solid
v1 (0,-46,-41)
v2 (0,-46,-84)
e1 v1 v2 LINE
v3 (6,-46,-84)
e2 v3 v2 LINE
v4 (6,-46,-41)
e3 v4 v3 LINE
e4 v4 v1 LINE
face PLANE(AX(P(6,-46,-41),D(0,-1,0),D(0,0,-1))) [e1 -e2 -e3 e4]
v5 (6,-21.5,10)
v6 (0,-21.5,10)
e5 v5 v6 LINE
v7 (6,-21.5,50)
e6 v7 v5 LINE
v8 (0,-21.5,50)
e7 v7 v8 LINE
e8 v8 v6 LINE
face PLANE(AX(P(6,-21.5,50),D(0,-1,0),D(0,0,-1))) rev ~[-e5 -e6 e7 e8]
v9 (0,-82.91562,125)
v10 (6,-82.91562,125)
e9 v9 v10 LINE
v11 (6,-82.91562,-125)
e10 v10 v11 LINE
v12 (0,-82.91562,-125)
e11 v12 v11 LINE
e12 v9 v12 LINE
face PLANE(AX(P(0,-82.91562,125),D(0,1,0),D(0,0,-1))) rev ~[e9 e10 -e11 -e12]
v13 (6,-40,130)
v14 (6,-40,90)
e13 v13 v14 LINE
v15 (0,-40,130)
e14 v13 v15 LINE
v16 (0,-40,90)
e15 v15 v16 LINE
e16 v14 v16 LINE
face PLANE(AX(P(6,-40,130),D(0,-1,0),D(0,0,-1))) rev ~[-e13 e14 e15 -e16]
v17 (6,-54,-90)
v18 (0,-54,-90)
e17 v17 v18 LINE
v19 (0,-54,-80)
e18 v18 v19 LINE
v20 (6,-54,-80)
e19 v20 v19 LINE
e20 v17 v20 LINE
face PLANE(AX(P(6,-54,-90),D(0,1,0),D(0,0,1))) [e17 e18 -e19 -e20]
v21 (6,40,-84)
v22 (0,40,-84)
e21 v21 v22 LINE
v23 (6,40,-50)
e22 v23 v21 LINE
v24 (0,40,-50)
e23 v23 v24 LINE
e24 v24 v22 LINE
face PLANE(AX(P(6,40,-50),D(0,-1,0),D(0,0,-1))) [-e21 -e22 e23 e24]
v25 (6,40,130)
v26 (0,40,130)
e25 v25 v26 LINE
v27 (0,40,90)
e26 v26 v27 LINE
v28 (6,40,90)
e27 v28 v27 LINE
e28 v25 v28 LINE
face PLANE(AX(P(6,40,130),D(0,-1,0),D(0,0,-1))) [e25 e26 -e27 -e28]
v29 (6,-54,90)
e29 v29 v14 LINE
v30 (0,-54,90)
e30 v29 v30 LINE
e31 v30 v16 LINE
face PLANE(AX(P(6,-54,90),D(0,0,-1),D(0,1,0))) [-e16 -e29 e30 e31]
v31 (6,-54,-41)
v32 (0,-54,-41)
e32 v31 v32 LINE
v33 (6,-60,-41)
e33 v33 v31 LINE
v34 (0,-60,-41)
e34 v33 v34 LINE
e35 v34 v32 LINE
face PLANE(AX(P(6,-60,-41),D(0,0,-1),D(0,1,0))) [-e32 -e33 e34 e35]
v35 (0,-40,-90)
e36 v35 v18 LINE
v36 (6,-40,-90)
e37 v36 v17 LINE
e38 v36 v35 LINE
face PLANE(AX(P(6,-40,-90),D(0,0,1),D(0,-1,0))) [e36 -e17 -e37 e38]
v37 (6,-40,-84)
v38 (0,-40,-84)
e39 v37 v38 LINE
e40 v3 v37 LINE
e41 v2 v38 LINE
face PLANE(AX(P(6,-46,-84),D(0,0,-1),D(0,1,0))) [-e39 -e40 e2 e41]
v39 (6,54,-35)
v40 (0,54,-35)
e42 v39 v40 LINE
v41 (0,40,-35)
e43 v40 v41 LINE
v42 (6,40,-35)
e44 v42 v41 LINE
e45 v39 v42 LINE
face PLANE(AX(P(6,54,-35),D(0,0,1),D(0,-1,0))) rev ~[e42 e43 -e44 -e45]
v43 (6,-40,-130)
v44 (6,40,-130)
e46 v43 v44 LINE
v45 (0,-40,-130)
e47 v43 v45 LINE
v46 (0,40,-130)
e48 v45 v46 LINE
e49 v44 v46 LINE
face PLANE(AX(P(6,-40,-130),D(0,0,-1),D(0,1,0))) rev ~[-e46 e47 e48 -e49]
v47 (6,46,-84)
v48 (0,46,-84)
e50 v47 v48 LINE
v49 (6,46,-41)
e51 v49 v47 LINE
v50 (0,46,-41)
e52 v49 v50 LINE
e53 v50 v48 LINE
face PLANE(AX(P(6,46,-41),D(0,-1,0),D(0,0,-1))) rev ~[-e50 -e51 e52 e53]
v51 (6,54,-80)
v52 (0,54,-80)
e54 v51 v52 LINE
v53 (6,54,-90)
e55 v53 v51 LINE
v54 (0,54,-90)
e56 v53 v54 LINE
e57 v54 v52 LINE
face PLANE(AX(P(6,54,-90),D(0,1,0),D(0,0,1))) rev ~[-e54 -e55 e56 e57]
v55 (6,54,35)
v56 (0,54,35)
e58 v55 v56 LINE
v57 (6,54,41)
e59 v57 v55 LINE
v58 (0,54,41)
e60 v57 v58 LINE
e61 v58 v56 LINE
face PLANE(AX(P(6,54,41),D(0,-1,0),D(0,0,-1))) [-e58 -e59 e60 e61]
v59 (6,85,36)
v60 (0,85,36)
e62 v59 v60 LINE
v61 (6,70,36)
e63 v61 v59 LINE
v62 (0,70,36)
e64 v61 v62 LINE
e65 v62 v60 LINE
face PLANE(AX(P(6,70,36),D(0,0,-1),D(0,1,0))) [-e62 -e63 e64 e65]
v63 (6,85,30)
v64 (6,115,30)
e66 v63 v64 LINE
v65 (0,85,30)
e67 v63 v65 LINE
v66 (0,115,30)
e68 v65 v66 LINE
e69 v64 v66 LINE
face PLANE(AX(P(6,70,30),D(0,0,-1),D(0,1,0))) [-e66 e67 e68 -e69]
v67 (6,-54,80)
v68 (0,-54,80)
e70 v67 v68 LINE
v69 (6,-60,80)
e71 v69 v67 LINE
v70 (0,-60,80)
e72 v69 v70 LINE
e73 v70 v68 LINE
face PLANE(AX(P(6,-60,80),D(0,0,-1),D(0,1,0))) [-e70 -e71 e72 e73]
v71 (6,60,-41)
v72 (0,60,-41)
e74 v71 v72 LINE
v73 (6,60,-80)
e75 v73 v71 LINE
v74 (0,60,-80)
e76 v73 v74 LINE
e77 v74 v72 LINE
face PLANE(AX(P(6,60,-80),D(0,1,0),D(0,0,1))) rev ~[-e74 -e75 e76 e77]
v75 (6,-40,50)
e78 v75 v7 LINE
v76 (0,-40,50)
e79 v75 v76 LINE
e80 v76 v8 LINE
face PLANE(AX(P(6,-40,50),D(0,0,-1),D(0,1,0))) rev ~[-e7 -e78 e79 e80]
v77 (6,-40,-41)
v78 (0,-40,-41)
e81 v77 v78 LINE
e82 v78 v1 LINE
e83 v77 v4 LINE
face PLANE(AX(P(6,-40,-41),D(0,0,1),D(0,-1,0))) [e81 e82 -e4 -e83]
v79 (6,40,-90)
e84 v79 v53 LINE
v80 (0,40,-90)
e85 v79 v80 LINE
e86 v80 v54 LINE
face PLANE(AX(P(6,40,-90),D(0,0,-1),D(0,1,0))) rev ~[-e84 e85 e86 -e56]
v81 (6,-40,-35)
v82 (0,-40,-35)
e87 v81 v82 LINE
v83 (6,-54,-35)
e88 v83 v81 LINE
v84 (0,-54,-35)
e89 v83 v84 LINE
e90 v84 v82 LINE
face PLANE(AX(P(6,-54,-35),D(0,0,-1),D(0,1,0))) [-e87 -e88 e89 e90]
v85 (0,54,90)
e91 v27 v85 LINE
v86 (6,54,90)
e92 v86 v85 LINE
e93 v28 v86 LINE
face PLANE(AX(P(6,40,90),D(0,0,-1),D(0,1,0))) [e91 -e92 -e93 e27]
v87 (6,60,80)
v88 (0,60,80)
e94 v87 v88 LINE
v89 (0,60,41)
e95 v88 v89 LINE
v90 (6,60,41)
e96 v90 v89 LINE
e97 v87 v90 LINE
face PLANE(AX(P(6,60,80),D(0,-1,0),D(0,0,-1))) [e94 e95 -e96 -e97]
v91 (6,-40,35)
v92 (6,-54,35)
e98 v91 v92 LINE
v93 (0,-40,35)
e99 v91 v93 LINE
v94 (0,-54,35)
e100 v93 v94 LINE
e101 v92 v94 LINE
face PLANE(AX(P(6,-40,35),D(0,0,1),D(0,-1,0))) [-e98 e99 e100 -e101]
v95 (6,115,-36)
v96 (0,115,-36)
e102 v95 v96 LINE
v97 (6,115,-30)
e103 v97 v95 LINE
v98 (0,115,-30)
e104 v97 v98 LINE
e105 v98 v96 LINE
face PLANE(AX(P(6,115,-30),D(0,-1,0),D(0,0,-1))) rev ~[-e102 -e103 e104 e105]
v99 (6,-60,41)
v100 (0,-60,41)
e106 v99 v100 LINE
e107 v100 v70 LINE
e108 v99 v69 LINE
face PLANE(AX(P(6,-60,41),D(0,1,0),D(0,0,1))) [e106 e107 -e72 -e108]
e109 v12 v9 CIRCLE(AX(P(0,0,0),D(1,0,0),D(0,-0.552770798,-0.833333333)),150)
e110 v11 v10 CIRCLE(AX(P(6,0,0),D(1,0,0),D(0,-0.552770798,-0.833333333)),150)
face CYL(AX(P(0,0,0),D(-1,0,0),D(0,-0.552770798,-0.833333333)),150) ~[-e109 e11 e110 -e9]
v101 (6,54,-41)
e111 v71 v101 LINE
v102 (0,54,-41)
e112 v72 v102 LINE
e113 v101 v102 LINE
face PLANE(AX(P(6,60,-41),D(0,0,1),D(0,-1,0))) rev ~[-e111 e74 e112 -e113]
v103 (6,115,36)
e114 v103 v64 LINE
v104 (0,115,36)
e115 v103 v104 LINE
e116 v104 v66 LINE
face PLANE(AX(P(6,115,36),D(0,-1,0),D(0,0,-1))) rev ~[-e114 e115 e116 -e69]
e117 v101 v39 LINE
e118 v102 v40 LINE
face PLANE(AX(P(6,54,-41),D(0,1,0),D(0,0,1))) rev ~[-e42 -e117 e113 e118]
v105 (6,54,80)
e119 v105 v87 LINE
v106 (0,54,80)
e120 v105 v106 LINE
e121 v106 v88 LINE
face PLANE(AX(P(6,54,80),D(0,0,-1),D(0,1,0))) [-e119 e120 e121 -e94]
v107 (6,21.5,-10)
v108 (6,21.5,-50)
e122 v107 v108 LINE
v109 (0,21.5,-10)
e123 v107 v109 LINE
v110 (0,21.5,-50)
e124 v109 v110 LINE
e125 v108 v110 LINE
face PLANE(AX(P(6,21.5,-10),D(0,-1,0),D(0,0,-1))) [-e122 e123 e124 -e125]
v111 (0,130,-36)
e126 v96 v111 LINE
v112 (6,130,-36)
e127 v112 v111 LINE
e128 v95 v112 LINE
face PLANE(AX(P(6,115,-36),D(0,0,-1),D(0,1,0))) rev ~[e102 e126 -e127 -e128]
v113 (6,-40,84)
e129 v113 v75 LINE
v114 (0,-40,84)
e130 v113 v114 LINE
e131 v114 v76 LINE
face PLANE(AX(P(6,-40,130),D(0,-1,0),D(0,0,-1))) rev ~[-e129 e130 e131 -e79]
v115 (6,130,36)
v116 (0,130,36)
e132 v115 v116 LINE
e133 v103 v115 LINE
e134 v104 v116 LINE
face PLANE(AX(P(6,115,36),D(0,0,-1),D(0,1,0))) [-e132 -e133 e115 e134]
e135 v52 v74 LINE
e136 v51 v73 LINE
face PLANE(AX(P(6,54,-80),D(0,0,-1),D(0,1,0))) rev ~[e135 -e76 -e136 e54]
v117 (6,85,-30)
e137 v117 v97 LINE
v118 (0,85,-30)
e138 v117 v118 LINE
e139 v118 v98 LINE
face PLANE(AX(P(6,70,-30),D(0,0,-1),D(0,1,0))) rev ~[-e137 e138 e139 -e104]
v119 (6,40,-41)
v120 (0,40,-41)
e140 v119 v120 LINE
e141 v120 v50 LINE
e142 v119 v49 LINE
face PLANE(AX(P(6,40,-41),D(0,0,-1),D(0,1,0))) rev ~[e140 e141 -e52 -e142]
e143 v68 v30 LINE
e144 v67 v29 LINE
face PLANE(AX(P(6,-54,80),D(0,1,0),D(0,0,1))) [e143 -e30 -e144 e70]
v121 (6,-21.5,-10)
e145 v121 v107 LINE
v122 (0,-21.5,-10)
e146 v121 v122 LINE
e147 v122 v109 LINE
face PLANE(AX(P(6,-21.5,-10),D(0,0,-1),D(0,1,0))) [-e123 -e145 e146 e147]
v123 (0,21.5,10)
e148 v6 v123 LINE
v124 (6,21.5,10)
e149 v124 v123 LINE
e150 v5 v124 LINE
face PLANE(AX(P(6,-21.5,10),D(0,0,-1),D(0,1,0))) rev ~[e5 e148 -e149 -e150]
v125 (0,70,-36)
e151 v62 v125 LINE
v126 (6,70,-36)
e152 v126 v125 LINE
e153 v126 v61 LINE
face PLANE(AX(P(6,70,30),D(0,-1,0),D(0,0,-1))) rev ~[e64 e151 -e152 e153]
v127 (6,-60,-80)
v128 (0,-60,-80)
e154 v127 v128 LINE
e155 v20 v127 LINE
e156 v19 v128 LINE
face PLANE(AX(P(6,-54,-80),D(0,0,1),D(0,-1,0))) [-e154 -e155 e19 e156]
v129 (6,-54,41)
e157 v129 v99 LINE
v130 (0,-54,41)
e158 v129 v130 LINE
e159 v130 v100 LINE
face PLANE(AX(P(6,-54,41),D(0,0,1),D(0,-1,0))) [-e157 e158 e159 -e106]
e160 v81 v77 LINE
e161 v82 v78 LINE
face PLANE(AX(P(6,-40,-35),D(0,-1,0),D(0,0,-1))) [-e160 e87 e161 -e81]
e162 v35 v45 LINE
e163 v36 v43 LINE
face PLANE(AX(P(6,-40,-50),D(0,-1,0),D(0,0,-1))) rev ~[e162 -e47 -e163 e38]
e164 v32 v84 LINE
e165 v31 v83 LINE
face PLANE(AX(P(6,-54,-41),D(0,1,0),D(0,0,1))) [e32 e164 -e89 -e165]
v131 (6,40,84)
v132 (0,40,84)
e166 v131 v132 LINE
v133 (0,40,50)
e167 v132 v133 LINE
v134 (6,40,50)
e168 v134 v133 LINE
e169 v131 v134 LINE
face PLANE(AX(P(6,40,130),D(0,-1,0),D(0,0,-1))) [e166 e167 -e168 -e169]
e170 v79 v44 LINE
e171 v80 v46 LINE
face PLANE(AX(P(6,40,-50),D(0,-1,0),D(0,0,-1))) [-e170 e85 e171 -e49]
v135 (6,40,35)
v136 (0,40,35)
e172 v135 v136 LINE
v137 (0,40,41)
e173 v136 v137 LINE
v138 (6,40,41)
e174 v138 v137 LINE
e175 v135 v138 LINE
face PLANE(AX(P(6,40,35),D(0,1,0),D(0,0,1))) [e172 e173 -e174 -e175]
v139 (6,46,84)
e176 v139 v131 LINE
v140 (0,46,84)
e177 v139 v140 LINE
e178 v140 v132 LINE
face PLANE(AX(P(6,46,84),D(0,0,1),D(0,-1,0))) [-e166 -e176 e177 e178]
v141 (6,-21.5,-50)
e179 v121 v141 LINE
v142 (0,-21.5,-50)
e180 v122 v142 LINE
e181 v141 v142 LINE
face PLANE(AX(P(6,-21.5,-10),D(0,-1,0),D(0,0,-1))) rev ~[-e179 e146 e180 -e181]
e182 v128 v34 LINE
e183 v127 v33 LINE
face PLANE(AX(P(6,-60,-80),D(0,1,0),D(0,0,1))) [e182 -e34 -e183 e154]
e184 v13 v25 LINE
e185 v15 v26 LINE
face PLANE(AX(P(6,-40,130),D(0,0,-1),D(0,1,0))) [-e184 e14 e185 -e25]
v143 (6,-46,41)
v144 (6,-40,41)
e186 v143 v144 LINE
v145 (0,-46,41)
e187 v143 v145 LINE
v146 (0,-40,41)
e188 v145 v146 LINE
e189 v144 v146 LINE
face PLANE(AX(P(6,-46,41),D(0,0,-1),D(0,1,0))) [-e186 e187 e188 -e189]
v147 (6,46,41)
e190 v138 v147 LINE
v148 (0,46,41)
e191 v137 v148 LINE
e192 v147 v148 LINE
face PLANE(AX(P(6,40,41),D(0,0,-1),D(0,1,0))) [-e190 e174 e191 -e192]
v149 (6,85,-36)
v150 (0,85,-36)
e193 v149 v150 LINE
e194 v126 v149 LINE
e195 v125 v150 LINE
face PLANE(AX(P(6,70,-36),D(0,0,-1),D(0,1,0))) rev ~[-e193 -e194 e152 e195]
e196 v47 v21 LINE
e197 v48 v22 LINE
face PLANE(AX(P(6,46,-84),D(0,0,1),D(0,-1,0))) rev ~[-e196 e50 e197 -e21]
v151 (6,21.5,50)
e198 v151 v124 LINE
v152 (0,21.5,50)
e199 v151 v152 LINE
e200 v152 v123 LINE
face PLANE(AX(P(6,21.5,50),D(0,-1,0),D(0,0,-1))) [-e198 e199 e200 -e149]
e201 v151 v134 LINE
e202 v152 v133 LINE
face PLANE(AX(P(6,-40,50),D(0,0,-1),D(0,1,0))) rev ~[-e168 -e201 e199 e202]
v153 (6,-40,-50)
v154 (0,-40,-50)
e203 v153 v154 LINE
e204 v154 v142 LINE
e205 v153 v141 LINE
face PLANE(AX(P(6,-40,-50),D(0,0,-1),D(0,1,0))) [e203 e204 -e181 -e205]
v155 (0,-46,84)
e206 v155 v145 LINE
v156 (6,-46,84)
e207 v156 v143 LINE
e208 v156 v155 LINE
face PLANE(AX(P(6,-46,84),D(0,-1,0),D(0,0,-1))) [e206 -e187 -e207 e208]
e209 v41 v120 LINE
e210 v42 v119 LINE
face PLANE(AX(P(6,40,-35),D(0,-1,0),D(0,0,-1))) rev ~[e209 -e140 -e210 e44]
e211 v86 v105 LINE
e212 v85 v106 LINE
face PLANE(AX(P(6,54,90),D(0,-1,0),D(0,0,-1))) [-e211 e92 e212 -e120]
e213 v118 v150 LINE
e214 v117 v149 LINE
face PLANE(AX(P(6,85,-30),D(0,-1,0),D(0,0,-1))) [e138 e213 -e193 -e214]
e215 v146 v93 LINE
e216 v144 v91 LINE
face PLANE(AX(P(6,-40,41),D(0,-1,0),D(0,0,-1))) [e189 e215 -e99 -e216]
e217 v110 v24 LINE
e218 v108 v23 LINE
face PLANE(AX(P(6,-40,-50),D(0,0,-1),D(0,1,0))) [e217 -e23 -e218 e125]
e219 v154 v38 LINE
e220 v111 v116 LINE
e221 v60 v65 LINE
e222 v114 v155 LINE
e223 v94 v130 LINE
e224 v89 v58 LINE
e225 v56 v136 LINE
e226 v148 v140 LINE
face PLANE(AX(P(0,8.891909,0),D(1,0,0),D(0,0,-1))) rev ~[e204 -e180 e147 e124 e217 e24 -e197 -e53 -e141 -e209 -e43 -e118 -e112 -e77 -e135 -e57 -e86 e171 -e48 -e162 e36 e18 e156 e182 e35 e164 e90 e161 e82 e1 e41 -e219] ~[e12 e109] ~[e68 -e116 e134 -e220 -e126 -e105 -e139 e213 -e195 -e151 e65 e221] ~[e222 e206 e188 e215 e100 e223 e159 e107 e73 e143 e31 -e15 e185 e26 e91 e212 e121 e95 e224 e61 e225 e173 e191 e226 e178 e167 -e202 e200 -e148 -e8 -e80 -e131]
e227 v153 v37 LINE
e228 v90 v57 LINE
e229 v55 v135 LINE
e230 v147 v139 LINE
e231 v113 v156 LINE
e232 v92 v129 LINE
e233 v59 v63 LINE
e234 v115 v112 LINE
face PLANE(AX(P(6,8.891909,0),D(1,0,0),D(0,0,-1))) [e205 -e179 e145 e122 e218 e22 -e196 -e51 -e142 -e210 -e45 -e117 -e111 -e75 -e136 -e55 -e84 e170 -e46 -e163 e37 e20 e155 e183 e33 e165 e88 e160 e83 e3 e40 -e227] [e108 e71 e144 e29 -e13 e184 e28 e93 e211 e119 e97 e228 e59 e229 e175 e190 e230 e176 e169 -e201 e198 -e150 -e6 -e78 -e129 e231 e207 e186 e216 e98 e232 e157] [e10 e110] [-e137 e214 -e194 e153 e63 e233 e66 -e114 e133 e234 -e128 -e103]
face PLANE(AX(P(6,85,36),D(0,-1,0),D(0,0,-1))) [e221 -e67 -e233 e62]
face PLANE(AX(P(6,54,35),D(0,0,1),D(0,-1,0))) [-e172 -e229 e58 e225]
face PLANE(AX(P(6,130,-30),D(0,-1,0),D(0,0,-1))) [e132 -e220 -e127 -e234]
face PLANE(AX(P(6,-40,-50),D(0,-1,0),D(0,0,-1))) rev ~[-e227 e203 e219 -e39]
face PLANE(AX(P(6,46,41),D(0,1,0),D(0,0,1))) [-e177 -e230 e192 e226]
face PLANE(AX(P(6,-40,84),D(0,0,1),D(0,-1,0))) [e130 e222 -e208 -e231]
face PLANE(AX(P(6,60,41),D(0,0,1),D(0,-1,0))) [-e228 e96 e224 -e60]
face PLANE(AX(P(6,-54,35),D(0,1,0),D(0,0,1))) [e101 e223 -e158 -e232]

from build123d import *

# Parameters (mm, degrees)
BOSS_EXTRUDE1_DEPTH = 6
SKETCH2_W           = 80
SKETCH2_H           = 80
CUT_EXTRUDE1_DEPTH  = 6
SKETCH3_W           = 60
SKETCH3_H           = 60
CUT_EXTRUDE2_DEPTH  = 6
CUT_EXTRUDE3_DEPTH  = 10
SKETCH6_W           = 40
SKETCH6_H           = 43
CUT_EXTRUDE4_DEPTH  = 7
SKETCH7_W           = 6
SKETCH7_H           = 15
CUT_EXTRUDE5_DEPTH  = 7


with BuildPart() as part:
    # Sketch1 → Boss-Extrude1 (new body)
    with BuildSketch(Plane(origin=(0, 0, 0), x_dir=(0, 0, -1), z_dir=(1, 0, 0))):
        with BuildLine():
            Line((-125, -82.915619759), (125, -82.915619759))
            ThreePointArc((125, -82.915619759), (0, 150), (-125, -82.915619759))
        make_face()
    extrude(amount=BOSS_EXTRUDE1_DEPTH)

    # Sketch2 → Cut-Extrude1 (cut)
    with BuildSketch(Plane(origin=(6, 0, 0), x_dir=(0, 0, -1), z_dir=(1, 0, 0))):
        with Locations((-90, 0)):
            Rectangle(SKETCH2_W, SKETCH2_H)
        with Locations((90, 0)):
            Rectangle(SKETCH2_W, SKETCH2_H)
    extrude(amount=-CUT_EXTRUDE1_DEPTH, mode=Mode.SUBTRACT)

    # Sketch3 → Cut-Extrude2 (cut)
    with BuildSketch(Plane(origin=(6, 0, 0), x_dir=(0, 0, -1), z_dir=(1, 0, 0))):
        with Locations((0, 100)):
            Rectangle(SKETCH3_W, SKETCH3_H)
    extrude(amount=-CUT_EXTRUDE2_DEPTH, mode=Mode.SUBTRACT)

    # Sketch4 → Cut-Extrude3 (cut)
    with BuildSketch(Plane(origin=(6, 0, 0), x_dir=(0, 0, -1), z_dir=(1, 0, 0))):
        Polygon((-90, -40), (-84, -40), (-84, -46), (-41, -46), (-41, -40), (-35, -40), (-35, -54), (-41, -54), (-41, -60), (-80, -60), (-80, -54), (-90, -54), align=None)
        Polygon((-80, 60), (-41, 60), (-41, 54), (-35, 54), (-35, 40), (-41, 40), (-41, 46), (-84, 46), (-84, 40), (-90, 40), (-90, 54), (-80, 54), align=None)
        Polygon((80, -60), (41, -60), (41, -54), (35, -54), (35, -40), (41, -40), (41, -46), (84, -46), (84, -40), (90, -40), (90, -54), (80, -54), align=None)
        Polygon((90, 40), (90, 54), (80, 54), (80, 60), (41, 60), (41, 54), (35, 54), (35, 40), (41, 40), (41, 46), (84, 46), (84, 40), align=None)
    extrude(amount=-CUT_EXTRUDE3_DEPTH, mode=Mode.SUBTRACT)

    # Sketch6 → Cut-Extrude4 (cut, through all)
    with BuildSketch(Plane(origin=(6, 0, 0), x_dir=(0, 0, -1), z_dir=(1, 0, 0))):
        with Locations((-30, 0)):
            Rectangle(SKETCH6_W, SKETCH6_H)
        with Locations((30, 0)):
            Rectangle(SKETCH6_W, SKETCH6_H)
    extrude(amount=-CUT_EXTRUDE4_DEPTH, mode=Mode.SUBTRACT)

    # Sketch7 → Cut-Extrude5 (cut, through all)
    with BuildSketch(Plane(origin=(6, 0, 0), x_dir=(0, 0, -1), z_dir=(1, 0, 0))):
        with Locations((-33, 122.5)):
            Rectangle(SKETCH7_W, SKETCH7_H)
        with Locations((-33, 77.5)):
            Rectangle(SKETCH7_W, SKETCH7_H)
        with Locations((33, 77.5)):
            Rectangle(SKETCH7_W, SKETCH7_H)
        with Locations((33, 122.5)):
            Rectangle(SKETCH7_W, SKETCH7_H)
    extrude(amount=-CUT_EXTRUDE5_DEPTH, mode=Mode.SUBTRACT)


solid = part.part
